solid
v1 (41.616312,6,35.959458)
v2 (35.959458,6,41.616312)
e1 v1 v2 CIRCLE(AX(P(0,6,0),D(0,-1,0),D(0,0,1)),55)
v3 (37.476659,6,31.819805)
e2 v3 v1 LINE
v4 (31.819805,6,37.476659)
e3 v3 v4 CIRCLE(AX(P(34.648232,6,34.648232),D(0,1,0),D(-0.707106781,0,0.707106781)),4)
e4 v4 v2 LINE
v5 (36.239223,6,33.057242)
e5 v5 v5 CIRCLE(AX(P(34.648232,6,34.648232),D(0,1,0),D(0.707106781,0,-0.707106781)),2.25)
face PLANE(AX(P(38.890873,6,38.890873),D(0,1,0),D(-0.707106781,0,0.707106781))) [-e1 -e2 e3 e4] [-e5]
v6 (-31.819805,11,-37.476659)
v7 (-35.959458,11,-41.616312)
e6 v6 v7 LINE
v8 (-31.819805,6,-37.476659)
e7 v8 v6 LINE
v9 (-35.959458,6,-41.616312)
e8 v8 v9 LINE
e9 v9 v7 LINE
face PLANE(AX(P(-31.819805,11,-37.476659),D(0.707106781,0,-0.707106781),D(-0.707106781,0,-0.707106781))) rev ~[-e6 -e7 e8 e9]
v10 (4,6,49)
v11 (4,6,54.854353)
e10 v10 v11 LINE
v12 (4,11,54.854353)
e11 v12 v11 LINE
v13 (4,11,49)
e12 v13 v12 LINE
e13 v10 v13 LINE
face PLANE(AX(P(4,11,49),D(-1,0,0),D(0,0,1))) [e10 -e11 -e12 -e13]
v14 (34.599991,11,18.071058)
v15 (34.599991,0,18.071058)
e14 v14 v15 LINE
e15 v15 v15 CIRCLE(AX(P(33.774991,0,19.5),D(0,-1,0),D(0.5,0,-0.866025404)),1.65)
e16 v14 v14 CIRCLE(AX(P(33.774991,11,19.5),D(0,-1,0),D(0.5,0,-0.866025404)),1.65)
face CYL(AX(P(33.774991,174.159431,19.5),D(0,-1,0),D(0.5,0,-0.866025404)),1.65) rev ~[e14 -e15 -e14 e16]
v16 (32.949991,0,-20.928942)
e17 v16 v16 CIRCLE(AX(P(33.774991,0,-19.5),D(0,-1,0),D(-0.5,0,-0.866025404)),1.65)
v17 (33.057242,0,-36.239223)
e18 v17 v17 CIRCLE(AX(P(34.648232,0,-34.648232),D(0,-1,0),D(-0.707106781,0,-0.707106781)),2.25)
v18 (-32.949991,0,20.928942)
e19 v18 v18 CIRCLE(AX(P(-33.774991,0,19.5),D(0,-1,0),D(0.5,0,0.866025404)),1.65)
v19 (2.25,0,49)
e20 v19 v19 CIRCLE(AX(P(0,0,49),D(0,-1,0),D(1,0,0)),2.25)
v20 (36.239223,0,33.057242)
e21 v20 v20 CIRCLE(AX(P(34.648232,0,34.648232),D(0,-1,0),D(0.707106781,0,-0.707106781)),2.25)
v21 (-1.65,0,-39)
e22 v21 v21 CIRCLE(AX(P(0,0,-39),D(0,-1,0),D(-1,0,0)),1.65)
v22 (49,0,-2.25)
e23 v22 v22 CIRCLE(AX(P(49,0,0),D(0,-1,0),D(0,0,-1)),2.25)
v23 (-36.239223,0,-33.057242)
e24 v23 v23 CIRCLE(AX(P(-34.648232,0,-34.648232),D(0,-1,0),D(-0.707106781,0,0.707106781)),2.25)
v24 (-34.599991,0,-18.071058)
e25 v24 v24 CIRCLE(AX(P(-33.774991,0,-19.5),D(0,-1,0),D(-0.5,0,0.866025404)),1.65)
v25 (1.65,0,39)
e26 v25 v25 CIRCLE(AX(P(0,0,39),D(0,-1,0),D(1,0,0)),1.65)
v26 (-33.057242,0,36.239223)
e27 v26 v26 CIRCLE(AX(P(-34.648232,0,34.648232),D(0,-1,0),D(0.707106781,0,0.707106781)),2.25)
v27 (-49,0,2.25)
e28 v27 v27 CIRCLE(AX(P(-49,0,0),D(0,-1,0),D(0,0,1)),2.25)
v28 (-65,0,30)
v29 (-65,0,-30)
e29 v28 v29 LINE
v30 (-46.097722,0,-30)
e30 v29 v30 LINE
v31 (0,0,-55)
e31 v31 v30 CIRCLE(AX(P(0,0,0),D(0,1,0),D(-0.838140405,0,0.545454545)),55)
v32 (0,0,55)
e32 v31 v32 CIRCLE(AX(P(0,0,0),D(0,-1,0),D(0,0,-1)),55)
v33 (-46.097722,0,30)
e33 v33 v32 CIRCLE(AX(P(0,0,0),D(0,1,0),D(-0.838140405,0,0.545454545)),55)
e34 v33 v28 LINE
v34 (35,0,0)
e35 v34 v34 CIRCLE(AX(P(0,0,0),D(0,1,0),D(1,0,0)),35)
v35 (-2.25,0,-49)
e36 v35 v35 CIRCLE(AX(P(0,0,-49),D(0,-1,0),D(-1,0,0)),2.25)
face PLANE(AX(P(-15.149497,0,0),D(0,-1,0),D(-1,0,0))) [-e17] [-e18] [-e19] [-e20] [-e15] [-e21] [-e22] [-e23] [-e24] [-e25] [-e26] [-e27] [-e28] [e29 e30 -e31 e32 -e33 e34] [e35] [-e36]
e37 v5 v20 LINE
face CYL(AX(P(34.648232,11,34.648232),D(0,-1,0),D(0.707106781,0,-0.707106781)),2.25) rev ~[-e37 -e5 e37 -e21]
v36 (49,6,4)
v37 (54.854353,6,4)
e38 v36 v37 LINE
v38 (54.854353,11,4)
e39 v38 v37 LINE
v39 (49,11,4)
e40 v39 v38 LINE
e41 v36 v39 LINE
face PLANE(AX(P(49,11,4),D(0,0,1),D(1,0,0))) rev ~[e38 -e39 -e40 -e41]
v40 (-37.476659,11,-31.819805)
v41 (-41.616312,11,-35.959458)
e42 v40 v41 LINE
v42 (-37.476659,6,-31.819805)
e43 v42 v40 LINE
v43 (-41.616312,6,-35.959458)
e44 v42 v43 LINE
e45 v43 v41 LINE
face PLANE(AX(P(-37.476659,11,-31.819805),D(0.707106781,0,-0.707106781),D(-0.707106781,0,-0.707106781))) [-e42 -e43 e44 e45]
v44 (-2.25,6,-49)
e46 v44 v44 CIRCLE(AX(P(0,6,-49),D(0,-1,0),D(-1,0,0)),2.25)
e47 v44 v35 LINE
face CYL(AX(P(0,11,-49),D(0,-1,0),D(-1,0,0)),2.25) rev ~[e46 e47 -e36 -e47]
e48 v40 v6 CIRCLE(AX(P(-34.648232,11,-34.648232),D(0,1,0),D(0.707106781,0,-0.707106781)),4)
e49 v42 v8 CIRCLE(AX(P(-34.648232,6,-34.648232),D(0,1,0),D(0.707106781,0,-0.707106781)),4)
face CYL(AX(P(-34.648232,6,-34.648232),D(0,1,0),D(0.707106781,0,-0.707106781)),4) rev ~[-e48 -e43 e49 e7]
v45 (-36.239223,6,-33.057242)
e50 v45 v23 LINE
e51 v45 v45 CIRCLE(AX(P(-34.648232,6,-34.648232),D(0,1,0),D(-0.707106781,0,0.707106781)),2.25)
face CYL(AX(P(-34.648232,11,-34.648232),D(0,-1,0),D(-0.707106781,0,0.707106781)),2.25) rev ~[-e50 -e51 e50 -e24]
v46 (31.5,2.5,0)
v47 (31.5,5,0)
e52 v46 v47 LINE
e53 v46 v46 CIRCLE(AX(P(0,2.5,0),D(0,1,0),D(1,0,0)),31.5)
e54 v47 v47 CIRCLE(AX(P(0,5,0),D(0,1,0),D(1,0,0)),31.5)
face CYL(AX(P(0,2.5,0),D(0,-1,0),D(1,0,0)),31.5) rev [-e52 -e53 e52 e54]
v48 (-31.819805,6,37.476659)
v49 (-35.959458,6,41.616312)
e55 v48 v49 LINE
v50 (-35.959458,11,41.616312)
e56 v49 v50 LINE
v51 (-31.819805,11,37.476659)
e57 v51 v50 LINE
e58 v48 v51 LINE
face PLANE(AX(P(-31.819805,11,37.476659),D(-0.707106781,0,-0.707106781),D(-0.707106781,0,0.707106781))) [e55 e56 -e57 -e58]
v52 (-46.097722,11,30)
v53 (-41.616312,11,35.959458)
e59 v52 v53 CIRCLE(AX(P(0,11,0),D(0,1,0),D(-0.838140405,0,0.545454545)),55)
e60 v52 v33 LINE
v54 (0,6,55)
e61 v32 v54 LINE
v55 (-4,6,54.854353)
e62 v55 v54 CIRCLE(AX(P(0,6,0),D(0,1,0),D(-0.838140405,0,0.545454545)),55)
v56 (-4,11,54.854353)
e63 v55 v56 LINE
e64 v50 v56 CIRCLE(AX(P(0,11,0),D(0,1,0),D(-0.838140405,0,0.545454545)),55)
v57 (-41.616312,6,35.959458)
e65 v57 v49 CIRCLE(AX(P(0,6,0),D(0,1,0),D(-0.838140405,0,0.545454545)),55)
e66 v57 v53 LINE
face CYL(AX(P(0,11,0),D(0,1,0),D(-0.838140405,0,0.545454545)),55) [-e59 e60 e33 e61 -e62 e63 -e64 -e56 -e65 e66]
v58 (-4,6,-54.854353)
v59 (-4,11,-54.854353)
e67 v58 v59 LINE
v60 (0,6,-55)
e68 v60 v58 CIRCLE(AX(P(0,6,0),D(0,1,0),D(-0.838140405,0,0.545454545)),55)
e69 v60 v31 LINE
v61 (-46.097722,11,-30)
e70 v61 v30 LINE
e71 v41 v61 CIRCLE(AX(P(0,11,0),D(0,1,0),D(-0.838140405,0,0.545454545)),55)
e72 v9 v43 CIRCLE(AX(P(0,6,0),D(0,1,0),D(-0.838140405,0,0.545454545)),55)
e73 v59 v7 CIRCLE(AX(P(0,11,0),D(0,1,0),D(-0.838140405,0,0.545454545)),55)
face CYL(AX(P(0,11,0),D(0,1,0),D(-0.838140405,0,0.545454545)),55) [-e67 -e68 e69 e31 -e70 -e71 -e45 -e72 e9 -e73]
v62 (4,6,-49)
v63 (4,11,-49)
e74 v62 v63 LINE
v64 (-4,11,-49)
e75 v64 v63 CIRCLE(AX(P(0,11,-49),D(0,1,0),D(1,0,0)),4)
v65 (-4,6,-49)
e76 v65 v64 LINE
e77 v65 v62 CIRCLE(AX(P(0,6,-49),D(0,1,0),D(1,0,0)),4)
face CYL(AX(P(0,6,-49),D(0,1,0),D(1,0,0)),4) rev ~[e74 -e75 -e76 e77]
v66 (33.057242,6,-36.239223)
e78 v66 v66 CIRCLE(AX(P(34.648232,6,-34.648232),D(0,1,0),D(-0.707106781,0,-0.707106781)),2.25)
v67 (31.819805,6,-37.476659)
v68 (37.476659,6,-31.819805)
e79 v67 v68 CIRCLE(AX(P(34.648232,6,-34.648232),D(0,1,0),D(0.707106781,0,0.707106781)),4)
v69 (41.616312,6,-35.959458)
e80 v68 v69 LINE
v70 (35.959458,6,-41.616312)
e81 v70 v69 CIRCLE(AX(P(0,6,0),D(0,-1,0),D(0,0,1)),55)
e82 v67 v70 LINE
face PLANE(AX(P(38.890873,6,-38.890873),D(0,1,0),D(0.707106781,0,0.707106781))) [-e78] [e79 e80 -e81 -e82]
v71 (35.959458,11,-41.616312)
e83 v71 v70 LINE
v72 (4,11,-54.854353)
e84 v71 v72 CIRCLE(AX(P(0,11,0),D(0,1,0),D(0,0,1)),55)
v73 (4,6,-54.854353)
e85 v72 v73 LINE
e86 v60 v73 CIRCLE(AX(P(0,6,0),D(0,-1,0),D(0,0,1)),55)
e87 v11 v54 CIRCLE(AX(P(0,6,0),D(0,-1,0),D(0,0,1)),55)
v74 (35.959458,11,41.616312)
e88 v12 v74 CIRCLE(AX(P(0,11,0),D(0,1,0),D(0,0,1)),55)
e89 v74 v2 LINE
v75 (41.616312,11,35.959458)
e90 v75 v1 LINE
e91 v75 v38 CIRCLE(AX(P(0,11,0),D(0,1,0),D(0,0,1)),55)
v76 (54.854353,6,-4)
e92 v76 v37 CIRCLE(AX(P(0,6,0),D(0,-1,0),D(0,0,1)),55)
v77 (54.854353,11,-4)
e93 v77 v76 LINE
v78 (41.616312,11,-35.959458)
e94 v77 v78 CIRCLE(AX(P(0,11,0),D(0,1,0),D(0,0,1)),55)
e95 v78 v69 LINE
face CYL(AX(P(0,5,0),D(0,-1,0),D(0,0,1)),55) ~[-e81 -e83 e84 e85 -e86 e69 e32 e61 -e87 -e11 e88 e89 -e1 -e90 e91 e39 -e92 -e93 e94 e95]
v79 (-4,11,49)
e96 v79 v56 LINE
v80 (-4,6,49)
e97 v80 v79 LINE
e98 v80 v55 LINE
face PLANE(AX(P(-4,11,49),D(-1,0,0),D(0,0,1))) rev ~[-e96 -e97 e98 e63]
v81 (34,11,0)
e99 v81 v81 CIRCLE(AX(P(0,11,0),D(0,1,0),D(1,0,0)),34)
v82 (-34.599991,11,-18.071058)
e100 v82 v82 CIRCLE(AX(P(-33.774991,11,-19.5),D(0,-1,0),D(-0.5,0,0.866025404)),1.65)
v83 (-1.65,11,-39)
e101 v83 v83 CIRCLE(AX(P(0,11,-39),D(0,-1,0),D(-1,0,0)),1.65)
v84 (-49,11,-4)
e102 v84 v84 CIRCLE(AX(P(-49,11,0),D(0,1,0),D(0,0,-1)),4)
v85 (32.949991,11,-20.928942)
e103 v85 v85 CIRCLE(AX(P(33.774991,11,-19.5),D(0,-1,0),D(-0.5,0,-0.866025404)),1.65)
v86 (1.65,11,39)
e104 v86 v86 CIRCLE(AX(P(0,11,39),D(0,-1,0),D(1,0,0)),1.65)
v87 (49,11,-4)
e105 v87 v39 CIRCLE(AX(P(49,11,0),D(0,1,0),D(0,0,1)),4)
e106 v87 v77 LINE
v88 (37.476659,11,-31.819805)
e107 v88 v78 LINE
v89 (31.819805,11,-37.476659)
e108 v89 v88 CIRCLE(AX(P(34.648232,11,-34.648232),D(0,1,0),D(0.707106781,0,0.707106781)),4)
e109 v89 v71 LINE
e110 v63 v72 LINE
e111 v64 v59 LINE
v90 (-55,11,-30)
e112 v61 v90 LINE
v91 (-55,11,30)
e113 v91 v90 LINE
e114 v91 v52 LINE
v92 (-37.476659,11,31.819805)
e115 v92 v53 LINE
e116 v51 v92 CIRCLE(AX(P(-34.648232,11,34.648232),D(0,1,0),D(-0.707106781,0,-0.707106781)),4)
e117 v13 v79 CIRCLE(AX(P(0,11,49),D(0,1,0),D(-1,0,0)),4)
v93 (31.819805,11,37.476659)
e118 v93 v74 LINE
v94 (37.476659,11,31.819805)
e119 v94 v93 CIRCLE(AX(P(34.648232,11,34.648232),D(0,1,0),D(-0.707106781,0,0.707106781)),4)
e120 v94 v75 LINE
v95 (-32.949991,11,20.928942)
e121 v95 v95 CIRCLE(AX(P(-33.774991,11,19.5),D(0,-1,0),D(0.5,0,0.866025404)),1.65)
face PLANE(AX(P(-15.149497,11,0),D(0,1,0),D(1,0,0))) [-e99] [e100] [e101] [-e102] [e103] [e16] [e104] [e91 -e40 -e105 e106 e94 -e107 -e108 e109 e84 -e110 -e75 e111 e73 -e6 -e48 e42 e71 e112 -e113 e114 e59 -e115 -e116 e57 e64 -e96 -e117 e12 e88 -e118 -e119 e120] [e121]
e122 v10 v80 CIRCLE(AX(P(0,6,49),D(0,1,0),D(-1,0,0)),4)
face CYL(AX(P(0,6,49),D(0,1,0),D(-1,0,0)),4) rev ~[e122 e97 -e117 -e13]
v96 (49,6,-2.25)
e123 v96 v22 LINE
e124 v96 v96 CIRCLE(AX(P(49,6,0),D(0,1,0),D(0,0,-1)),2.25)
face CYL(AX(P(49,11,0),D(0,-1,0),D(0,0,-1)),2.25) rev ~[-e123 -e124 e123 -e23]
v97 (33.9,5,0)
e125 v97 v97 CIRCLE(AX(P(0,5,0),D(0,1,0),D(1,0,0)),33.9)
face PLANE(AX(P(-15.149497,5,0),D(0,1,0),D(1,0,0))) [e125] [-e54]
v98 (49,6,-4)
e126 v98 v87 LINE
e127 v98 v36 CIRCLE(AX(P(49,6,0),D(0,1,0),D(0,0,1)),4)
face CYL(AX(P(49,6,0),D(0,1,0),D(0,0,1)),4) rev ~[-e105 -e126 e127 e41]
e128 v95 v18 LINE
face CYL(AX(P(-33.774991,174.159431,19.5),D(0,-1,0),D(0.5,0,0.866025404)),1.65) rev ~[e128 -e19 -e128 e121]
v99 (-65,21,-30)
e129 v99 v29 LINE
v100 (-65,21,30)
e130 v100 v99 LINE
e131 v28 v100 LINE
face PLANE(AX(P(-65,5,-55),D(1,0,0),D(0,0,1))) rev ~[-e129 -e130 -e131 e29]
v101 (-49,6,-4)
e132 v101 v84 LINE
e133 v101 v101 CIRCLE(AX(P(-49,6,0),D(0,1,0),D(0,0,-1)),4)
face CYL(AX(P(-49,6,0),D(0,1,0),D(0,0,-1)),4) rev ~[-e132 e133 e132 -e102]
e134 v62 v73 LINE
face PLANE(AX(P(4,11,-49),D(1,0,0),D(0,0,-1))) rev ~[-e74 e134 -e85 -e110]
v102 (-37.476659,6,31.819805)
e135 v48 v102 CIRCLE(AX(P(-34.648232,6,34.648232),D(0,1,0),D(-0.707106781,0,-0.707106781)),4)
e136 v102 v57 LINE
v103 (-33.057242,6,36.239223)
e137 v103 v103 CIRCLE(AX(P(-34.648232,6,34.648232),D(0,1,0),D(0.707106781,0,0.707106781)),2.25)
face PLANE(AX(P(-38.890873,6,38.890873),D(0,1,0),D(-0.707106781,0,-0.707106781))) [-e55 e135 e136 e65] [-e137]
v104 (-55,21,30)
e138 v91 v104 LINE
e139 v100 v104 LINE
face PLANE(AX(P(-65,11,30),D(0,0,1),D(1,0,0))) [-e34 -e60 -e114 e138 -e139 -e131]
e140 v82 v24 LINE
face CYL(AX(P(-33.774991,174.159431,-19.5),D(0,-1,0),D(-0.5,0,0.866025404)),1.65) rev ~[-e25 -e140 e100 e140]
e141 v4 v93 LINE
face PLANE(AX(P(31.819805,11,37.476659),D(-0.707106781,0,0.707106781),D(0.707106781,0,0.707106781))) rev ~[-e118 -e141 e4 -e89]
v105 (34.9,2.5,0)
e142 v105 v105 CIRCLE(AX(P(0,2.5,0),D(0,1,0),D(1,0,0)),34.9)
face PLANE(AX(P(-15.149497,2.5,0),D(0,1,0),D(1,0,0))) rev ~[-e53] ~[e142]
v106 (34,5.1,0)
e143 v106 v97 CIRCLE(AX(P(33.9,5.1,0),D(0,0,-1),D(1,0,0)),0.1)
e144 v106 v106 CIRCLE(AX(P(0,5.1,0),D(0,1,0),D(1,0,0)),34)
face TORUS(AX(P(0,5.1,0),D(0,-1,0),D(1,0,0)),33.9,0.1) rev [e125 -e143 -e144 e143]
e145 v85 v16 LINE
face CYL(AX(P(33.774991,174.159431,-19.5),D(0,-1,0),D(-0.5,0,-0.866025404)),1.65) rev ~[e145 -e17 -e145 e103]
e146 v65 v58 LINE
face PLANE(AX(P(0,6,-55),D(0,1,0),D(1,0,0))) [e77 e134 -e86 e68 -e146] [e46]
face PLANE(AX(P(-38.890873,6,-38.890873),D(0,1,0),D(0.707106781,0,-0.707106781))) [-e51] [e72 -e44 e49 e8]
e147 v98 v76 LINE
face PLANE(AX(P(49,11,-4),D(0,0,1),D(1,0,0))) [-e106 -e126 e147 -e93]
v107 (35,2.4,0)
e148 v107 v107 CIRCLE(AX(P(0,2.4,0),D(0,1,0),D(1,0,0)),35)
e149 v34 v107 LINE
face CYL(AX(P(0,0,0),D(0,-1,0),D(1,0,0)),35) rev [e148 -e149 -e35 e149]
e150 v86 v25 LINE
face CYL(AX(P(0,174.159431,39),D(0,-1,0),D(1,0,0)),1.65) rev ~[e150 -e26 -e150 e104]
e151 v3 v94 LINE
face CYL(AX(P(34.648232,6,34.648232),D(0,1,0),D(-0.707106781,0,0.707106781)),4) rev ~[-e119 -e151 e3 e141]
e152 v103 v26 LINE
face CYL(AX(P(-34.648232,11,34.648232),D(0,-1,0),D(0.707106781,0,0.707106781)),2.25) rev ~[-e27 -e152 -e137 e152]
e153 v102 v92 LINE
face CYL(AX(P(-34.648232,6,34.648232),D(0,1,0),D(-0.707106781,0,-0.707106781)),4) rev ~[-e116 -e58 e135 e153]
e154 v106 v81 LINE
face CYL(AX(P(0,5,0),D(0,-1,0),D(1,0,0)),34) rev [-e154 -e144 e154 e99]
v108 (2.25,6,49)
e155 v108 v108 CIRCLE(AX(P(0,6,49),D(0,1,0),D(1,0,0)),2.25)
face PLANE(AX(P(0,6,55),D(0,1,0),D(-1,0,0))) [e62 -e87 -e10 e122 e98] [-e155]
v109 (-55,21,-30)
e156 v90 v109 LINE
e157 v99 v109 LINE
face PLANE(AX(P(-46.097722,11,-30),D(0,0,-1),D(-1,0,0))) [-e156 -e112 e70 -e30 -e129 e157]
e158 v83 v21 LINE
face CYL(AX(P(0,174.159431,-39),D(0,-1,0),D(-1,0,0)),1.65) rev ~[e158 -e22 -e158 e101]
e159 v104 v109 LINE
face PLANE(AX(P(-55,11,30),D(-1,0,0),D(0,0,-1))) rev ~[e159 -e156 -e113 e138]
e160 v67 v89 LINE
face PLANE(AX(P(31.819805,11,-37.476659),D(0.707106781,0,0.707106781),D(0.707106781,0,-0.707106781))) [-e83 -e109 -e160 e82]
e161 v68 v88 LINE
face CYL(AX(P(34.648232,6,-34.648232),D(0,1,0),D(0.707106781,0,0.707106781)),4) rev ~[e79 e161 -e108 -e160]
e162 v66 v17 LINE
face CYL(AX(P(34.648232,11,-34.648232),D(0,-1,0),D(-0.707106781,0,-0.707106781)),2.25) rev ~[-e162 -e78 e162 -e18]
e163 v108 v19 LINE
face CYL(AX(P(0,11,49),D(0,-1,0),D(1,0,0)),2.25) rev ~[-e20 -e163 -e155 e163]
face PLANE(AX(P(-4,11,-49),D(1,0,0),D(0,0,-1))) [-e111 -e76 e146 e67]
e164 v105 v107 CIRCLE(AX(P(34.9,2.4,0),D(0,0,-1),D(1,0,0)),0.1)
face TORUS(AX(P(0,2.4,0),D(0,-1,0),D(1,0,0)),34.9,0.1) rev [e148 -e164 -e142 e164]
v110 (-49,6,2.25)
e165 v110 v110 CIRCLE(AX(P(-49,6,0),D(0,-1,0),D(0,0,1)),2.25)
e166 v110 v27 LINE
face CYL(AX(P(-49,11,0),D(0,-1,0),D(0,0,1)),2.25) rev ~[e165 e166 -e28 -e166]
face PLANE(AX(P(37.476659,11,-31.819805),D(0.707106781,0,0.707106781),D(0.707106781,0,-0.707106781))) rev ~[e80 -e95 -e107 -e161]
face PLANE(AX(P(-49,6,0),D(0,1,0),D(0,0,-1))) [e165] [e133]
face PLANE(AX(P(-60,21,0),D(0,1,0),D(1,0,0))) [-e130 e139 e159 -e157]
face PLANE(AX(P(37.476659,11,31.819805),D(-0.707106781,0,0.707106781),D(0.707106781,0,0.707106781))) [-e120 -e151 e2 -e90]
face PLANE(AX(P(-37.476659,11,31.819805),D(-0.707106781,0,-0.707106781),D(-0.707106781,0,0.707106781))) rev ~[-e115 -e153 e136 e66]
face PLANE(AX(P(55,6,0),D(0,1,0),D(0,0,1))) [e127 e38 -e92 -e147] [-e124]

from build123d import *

# Parameters (mm, degrees)
SKETCH_1_R                   = 35
EXTRUDE_1_DEPTH              = 2.5
SKETCH_2_R                   = 31.5
EXTRUDE_2_DEPTH              = 2.5
SKETCH_3_R                   = 34
EXTRUDE_3_DEPTH              = 6
HOLE_WIZARD_M4_1_D           = 4.5
HOLE_WIZARD_M4_1_CBORE_D     = 8
HOLE_WIZARD_M4_1_CBORE_DEPTH = 5
HOLE_WIZARD_M4_1_2_D         = 3.3
PATTERN_CIRCULAR_1_COUNT     = 8
PATTERN_CIRCULAR_2_COUNT     = 6
SKETCH_11_W                  = 8
SKETCH_11_H                  = 12
CUT_EXTRUDE_1_DEPTH          = 5
SKETCH_12_W                  = 10
SKETCH_12_H                  = 60
EXTRUDE_4_DEPTH              = 10
SKETCH_13_W                  = 200
SKETCH_13_H                  = 130
CUT_EXTRUDE_2_DEPTH          = 12
PATTERN_CIRCULAR_3_COUNT     = 8
FILLET_1_R                   = 0.1


with BuildPart() as part:
    # 스케치1 → 보스-돌출1 (new body)
    with BuildSketch(Plane(origin=(0, 0, 0), x_dir=(1, 0, 0), z_dir=(0, 1, 0))):
        with BuildLine():
            Line((0, -55), (-65, -55))
            Line((-65, -55), (-65, 55))
            Line((-65, 55), (0, 55))
            ThreePointArc((0, 55), (55, 0), (0, -55))
        make_face()
        Circle(SKETCH_1_R, mode=Mode.SUBTRACT)
    extrude(amount=EXTRUDE_1_DEPTH)

    # 스케치2 → 보스-돌출2 (add)
    with BuildSketch(Plane(origin=(0, 2.5, 0), x_dir=(1, 0, 0), z_dir=(0, 1, 0))):
        with BuildLine():
            Line((-65, 55), (-65, -55))
            Line((-65, -55), (0, -55))
            ThreePointArc((0, -55), (55, 0), (0, 55))
            Line((0, 55), (-65, 55))
        make_face()
        Circle(SKETCH_2_R, mode=Mode.SUBTRACT)
    extrude(amount=EXTRUDE_2_DEPTH)

    # 스케치3 → 보스-돌출3 (add)
    with BuildSketch(Plane(origin=(0, 5, 0), x_dir=(1, 0, 0), z_dir=(0, 1, 0))):
        with BuildLine():
            Line((-65, 55), (-65, -55))
            Line((-65, -55), (0, -55))
            ThreePointArc((0, -55), (55, 0), (0, 55))
            Line((0, 55), (-65, 55))
        make_face()
        Circle(SKETCH_3_R, mode=Mode.SUBTRACT)
    extrude(amount=EXTRUDE_3_DEPTH)

    # Hole Wizard M4 _ _ _ _ _ _1 (through all)
    with Locations(Plane(origin=(0, 11, 0), x_dir=(1, 0, 0), z_dir=(0, 1, 0))):
        with Locations((0, 49)):
            hole_wizard_m4_1 = CounterBoreHole(HOLE_WIZARD_M4_1_D / 2, HOLE_WIZARD_M4_1_CBORE_D / 2, HOLE_WIZARD_M4_1_CBORE_DEPTH)

    # Hole Wizard M4 _ _ _ _1 2 (through all)
    with Locations(Plane(origin=(0, 11, 0), x_dir=(1, 0, 0), z_dir=(0, 1, 0))):
        with Locations((0, 39)):
            hole_wizard_m4_1_2 = Hole(HOLE_WIZARD_M4_1_2_D / 2)

    # 원형 패턴1: Hole Wizard M4 _ _ _ _ _ _1 ×8 about axis
    pattern_circular_1_axis = Axis((0, 0, 0), (0, 1, 0))
    for i in range(1, PATTERN_CIRCULAR_1_COUNT):
        add(hole_wizard_m4_1.rotate(pattern_circular_1_axis, i * 360 / PATTERN_CIRCULAR_1_COUNT), mode=Mode.SUBTRACT)

    # 원형 패턴2: Hole Wizard M4 _ _ _ _1 2 ×6 about axis
    pattern_circular_2_axis = Axis((0, 0, 0), (0, 1, 0))
    for i in range(1, PATTERN_CIRCULAR_2_COUNT):
        add(hole_wizard_m4_1_2.rotate(pattern_circular_2_axis, i * 360 / PATTERN_CIRCULAR_2_COUNT), mode=Mode.SUBTRACT)

    # 스케치11 → 컷-돌출1 (cut, symmetric)
    with BuildSketch(Plane(origin=(0, 11, 0), x_dir=(1, 0, 0), z_dir=(0, 1, 0))):
        with Locations((0, 55)):
            Rectangle(SKETCH_11_W, SKETCH_11_H)
    cut_extrude_1 = extrude(amount=CUT_EXTRUDE_1_DEPTH, both=True, mode=Mode.SUBTRACT)

    # 스케치12 → 보스-돌출4 (add)
    with BuildSketch(Plane(origin=(0, 11, 0), x_dir=(1, 0, 0), z_dir=(0, 1, 0))):
        with Locations((-60, 0)):
            Rectangle(SKETCH_12_W, SKETCH_12_H)
    extrude(amount=EXTRUDE_4_DEPTH)

    # 스케치13 → 컷-돌출2 (cut, through all)
    with BuildSketch(Plane(origin=(0, 11, 0), x_dir=(1, 0, 0), z_dir=(0, 1, 0))):
        Rectangle(SKETCH_13_W, SKETCH_13_H)
        with BuildLine():
            Line((-65, -30), (-46.097722286, -30))
            ThreePointArc((-46.097722286, -30), (55, 0), (-46.097722286, 30))
            Line((-46.097722286, 30), (-65, 30))
            Line((-65, 30), (-65, -30))
        make_face(mode=Mode.SUBTRACT)
    extrude(amount=-CUT_EXTRUDE_2_DEPTH, mode=Mode.SUBTRACT)

    # 원형 패턴3: 컷-돌출1 ×8 about axis, 1 skipped
    pattern_circular_3_axis = Axis((0, 0, 0), (0, 1, 0))
    add([cut_extrude_1.rotate(pattern_circular_3_axis, i * 360 / PATTERN_CIRCULAR_3_COUNT) for i in range(1, PATTERN_CIRCULAR_3_COUNT) if i not in (2,)], mode=Mode.SUBTRACT)

    # 필렛1
    fillet_1_edges = [part.edges().sort_by_distance(p)[0] for p in [
        (-35, 2.5, 0),
        (-34, 5, 0),
    ]]
    fillet(fillet_1_edges, radius=FILLET_1_R)


solid = part.part
